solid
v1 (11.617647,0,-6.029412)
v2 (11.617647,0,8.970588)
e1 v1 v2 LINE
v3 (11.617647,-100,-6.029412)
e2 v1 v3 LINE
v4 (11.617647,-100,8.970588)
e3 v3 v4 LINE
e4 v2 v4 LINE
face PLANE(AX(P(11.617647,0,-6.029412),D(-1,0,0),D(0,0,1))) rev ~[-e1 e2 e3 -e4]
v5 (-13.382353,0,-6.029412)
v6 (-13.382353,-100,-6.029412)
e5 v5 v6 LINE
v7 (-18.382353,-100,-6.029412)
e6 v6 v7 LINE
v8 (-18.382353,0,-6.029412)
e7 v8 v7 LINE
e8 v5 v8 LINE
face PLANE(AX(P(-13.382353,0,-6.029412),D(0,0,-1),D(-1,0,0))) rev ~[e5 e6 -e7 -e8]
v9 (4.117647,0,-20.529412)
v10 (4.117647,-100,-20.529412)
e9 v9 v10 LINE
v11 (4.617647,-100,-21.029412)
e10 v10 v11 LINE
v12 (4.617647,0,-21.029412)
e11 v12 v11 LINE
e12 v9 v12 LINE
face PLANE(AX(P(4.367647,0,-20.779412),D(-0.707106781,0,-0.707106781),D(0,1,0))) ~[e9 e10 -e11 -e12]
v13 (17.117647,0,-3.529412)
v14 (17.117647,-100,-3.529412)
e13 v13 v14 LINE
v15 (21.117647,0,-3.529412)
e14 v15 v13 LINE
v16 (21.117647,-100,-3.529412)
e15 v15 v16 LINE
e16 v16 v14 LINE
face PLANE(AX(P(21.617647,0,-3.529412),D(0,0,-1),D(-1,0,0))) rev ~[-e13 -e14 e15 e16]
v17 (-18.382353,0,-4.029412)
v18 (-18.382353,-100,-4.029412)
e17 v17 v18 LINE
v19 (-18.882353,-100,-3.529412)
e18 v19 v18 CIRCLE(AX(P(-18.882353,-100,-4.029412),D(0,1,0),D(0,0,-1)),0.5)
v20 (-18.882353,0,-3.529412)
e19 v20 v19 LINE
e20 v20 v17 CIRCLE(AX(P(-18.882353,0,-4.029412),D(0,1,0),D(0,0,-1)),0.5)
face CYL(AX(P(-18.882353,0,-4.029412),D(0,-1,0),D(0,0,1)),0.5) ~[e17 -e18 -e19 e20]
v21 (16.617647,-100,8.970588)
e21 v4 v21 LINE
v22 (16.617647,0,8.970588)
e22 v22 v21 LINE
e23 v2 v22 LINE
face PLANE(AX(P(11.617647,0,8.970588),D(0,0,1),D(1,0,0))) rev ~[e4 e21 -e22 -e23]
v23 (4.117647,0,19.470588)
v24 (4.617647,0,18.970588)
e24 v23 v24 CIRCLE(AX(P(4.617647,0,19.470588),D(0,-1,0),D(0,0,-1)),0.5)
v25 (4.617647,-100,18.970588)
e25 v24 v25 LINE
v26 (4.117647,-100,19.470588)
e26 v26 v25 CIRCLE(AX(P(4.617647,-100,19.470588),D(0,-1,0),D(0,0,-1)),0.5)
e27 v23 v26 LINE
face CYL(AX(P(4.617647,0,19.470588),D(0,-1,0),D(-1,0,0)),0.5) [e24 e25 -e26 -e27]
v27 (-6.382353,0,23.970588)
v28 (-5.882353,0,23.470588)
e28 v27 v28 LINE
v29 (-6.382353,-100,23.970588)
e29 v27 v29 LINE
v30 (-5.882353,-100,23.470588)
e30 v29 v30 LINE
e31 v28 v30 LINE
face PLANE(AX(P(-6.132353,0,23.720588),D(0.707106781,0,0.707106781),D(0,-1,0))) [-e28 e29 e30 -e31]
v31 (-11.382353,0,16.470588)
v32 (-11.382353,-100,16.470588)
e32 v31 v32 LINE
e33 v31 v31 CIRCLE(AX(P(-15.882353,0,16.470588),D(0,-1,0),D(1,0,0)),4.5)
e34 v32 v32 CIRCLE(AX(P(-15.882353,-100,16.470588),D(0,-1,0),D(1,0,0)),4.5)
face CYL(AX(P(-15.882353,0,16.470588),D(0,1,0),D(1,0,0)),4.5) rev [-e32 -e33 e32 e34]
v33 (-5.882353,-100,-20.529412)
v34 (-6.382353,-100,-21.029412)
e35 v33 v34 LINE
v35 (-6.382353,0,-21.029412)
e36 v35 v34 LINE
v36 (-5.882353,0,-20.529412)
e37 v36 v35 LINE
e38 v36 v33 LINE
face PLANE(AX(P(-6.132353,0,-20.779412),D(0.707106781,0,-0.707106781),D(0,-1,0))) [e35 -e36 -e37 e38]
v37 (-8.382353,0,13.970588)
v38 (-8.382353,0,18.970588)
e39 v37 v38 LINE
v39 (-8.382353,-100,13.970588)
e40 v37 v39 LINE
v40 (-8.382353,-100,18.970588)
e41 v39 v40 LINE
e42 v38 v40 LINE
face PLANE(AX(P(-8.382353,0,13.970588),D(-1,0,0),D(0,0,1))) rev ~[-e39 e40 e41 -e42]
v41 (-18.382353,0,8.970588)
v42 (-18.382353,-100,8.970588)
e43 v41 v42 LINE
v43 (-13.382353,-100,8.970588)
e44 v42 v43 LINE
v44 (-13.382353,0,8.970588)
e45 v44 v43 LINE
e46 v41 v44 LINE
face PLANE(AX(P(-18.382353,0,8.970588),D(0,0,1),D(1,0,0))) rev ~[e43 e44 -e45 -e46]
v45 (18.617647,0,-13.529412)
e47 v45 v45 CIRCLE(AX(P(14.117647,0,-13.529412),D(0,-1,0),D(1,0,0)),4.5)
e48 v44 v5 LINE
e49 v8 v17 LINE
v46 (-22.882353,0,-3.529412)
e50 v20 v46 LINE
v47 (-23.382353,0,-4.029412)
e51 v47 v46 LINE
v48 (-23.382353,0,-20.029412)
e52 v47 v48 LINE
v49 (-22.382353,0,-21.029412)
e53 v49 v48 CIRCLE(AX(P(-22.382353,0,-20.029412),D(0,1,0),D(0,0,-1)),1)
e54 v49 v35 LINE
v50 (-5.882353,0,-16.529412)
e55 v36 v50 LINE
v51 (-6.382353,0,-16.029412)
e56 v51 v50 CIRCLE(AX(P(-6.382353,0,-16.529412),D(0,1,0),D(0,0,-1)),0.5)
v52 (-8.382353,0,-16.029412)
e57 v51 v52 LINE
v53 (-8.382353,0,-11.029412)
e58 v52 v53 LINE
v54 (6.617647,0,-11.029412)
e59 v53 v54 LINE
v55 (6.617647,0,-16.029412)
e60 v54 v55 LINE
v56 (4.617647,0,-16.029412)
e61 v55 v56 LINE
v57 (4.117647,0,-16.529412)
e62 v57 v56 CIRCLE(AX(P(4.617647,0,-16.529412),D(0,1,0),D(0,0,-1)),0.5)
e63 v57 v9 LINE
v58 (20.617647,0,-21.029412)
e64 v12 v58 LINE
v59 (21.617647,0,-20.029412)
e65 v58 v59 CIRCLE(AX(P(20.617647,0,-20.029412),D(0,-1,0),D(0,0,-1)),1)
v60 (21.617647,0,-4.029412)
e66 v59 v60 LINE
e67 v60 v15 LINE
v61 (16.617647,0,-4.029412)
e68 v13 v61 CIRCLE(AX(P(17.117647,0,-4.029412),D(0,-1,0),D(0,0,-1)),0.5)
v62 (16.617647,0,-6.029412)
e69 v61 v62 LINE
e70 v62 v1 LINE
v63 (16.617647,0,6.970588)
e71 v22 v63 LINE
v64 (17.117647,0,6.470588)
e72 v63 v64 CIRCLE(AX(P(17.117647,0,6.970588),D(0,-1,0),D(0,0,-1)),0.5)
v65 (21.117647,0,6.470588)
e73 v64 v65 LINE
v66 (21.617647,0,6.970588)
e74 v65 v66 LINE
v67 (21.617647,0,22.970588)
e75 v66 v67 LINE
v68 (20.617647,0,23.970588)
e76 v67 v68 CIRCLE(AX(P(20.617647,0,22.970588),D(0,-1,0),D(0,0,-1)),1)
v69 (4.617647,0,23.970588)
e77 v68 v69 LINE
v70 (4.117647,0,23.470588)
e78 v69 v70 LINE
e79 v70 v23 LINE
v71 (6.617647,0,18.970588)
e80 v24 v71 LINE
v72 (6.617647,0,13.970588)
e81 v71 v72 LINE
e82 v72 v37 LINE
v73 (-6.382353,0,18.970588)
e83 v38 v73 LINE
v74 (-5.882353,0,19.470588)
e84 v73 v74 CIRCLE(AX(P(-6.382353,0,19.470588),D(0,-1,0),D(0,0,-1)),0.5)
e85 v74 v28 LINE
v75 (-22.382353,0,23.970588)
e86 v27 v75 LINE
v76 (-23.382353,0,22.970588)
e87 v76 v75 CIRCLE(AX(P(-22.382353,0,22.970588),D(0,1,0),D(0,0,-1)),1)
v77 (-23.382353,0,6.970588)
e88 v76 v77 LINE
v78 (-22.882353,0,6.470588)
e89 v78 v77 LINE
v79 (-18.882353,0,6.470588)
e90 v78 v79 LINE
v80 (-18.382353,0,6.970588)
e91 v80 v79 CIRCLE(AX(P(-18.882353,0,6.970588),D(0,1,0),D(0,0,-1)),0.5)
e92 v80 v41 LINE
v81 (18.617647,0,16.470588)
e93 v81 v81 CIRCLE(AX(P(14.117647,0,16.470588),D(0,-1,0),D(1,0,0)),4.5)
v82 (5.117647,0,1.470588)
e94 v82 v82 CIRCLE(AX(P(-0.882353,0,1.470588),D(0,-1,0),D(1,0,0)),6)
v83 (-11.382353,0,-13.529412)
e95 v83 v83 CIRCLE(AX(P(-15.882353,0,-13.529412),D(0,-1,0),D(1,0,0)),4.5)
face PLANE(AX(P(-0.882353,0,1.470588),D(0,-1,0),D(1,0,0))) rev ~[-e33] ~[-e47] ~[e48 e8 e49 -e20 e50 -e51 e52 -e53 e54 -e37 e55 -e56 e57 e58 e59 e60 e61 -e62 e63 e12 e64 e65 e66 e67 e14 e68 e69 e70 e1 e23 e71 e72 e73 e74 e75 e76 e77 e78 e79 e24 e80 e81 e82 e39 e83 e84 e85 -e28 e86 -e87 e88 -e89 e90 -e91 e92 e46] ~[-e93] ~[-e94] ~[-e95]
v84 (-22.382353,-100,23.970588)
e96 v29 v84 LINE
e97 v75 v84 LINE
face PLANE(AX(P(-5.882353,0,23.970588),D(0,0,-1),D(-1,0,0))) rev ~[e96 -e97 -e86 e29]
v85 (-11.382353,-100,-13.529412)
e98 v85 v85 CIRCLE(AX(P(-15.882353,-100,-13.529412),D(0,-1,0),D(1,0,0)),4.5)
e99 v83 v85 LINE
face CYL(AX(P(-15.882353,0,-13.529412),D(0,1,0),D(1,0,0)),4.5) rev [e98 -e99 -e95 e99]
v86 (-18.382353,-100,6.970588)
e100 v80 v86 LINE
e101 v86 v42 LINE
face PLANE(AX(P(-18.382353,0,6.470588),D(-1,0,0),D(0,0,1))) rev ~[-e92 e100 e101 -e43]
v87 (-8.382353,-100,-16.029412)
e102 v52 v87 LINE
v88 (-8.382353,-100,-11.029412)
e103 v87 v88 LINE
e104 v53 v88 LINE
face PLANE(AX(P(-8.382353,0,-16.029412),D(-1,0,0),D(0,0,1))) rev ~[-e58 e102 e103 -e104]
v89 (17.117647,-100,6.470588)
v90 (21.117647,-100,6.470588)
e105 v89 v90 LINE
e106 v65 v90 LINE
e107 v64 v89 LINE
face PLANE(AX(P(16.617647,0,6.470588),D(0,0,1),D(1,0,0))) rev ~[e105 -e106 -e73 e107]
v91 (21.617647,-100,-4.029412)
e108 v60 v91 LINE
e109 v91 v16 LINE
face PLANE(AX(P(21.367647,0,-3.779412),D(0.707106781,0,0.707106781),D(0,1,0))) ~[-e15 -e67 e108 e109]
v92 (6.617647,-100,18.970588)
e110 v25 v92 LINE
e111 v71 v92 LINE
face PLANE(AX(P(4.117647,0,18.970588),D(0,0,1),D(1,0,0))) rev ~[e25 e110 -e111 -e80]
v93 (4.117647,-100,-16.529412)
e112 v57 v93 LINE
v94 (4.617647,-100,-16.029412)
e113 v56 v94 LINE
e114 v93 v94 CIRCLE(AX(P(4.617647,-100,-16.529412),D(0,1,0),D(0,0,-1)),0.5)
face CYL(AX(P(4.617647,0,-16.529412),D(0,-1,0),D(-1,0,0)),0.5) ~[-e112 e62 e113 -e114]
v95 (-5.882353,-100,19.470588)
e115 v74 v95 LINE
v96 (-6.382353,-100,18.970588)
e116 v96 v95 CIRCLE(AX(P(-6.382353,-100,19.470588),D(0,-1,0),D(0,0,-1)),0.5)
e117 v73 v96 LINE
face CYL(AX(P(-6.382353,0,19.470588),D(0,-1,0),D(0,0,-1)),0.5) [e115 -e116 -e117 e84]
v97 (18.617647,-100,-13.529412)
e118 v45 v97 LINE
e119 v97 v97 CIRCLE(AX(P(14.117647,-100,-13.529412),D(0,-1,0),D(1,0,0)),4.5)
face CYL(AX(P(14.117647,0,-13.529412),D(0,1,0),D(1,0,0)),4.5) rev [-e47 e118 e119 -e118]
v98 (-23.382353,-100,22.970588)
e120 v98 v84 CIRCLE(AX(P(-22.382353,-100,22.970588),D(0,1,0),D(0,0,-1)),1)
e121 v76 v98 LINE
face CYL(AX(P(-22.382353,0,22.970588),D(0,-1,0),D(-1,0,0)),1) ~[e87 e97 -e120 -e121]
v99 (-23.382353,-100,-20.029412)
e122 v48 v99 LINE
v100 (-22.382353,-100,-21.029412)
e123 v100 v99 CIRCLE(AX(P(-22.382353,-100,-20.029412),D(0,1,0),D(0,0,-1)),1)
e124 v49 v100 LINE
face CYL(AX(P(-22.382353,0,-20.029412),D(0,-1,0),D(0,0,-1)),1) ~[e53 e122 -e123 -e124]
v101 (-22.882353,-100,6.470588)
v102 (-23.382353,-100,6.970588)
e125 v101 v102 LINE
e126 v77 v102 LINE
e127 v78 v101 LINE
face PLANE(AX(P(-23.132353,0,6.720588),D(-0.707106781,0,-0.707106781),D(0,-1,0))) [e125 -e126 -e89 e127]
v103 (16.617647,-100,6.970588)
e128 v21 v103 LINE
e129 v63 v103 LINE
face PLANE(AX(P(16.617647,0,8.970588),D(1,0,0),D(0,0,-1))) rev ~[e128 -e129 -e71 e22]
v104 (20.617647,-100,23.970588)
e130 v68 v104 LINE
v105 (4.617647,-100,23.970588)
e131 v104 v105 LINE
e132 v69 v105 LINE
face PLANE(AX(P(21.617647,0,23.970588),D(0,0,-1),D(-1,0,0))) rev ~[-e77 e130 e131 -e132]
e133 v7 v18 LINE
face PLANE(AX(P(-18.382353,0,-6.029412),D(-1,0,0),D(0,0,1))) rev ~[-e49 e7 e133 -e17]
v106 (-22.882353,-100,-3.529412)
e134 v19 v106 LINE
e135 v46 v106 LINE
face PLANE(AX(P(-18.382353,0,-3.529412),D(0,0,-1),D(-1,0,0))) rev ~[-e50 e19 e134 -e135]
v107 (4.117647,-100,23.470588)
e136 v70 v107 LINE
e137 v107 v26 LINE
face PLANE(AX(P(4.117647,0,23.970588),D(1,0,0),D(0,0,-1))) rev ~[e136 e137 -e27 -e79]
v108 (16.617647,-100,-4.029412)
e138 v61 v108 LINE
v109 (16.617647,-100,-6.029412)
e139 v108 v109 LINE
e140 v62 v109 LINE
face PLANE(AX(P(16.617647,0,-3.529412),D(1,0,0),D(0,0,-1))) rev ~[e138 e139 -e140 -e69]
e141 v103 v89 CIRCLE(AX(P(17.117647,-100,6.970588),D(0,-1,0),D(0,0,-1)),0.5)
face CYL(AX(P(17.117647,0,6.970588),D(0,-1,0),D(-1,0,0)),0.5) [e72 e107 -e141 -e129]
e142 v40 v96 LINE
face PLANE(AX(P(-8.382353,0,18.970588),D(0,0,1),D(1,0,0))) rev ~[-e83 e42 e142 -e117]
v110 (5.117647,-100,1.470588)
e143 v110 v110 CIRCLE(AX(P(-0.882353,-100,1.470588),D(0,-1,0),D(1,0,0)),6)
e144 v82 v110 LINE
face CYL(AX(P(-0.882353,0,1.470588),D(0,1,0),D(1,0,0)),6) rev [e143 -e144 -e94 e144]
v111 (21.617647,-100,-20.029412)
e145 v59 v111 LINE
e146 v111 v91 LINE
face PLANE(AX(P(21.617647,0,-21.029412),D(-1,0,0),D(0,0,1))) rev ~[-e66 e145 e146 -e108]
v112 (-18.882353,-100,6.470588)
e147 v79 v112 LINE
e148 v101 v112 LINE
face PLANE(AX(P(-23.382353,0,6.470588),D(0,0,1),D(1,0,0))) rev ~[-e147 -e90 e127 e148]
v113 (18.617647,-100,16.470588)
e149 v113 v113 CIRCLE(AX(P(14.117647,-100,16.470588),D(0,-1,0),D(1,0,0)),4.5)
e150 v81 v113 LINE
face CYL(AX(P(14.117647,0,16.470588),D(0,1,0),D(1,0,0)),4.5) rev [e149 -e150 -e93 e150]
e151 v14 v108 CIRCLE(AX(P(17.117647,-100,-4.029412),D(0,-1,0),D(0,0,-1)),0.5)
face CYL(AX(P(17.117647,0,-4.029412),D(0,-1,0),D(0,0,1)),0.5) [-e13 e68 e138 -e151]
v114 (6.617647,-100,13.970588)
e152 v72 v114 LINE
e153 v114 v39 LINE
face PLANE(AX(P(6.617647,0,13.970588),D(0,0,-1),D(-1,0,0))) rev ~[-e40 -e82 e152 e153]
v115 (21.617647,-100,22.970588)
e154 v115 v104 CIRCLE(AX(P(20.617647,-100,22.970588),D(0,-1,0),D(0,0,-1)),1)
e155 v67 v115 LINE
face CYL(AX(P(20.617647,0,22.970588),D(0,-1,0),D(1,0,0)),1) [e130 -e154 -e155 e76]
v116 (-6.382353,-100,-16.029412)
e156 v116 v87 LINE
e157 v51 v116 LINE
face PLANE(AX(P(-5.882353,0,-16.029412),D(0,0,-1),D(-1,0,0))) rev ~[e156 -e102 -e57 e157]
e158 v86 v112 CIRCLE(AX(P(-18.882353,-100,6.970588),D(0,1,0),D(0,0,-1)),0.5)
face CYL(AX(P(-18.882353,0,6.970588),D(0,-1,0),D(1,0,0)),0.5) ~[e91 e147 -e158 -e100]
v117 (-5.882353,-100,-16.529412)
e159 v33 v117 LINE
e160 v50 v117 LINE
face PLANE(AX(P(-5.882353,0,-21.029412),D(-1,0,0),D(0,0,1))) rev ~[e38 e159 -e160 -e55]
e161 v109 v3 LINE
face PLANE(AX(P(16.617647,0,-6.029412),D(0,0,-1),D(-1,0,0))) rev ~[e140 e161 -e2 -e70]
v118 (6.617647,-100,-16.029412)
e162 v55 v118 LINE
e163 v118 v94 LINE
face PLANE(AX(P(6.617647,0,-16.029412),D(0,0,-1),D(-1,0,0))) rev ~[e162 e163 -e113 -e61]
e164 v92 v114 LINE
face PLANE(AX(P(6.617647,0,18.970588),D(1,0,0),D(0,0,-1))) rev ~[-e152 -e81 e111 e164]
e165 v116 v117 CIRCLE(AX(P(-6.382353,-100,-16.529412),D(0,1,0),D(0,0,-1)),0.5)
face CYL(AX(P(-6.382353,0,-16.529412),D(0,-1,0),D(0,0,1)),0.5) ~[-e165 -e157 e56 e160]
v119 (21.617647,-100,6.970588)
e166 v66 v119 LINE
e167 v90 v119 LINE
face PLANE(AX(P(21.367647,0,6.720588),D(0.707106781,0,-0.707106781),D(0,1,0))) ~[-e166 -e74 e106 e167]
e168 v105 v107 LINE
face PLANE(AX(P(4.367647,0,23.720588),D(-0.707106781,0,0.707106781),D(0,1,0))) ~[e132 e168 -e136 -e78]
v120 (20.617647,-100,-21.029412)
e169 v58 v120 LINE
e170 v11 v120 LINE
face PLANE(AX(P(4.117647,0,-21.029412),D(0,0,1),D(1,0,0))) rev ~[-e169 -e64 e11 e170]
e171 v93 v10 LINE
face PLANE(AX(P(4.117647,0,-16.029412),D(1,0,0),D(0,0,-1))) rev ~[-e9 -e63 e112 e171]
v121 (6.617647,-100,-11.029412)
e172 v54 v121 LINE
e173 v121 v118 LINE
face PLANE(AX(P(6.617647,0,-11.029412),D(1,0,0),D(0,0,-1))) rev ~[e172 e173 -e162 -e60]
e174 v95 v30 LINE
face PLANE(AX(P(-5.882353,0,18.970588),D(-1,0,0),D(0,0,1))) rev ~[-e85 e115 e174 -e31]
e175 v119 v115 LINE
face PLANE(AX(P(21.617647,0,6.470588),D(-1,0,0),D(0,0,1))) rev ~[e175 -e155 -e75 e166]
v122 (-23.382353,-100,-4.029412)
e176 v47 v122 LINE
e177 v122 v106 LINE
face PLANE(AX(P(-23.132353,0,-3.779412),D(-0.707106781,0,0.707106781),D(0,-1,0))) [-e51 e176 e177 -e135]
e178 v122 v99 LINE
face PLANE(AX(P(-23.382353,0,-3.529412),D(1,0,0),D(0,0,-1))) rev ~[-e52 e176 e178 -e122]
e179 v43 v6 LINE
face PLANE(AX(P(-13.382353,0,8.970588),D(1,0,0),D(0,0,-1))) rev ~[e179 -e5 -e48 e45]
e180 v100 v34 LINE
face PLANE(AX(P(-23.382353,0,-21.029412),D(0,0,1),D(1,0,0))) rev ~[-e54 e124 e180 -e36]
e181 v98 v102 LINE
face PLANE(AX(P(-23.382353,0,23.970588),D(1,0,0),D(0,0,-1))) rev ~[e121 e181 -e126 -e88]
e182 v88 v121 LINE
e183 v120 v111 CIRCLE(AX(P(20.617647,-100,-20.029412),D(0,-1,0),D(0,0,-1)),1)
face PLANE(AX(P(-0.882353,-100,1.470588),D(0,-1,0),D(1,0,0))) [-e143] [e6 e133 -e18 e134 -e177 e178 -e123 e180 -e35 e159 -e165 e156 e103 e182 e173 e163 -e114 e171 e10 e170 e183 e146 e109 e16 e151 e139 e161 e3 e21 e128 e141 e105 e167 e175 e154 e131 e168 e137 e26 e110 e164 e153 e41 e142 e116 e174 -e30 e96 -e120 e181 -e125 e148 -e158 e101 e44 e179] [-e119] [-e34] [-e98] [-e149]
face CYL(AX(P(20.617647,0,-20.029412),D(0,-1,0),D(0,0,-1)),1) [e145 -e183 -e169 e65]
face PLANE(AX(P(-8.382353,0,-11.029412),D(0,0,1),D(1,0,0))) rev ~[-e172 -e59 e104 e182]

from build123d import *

# Parameters (mm, degrees)
F0_R     = 4.5
F0_R_2   = 6
F1_DEPTH = 100
F2_R     = 1
F3_R     = 0.5
F4_SIZE  = 0.5


with BuildPart() as f1:
    # F0 (on Front) → F1 (new body)
    with BuildSketch(Plane.XZ):
        Polygon((4.117647, -21.029412), (21.617647, -21.029412), (21.617647, -3.529412), (16.617647, -3.529412), (16.617647, -6.029412), (11.617647, -6.029412), (11.617647, 8.970588), (16.617647, 8.970588), (16.617647, 6.470588), (21.617647, 6.470588), (21.617647, 23.970588), (4.117647, 23.970588), (4.117647, 18.970588), (6.617647, 18.970588), (6.617647, 13.970588), (-8.382353, 13.970588), (-8.382353, 18.970588), (-5.882353, 18.970588), (-5.882353, 23.970588), (-23.382353, 23.970588), (-23.382353, 6.470588), (-18.382353, 6.470588), (-18.382353, 8.970588), (-13.382353, 8.970588), (-13.382353, -6.029412), (-18.382353, -6.029412), (-18.382353, -3.529412), (-23.382353, -3.529412), (-23.382353, -21.029412), (-5.882353, -21.029412), (-5.882353, -16.029412), (-8.382353, -16.029412), (-8.382353, -11.029412), (6.617647, -11.029412), (6.617647, -16.029412), (4.117647, -16.029412), align=None)
        with Locations((-15.882353, -13.529412)):
            Circle(F0_R, mode=Mode.SUBTRACT)
        with Locations((14.117647, -13.529412)):
            Circle(F0_R, mode=Mode.SUBTRACT)
        with Locations((-0.882353, 1.470588)):
            Circle(F0_R_2, mode=Mode.SUBTRACT)
        with Locations((-15.882353, 16.470588)):
            Circle(F0_R, mode=Mode.SUBTRACT)
        with Locations((14.117647, 16.470588)):
            Circle(F0_R, mode=Mode.SUBTRACT)
    extrude(amount=F1_DEPTH)

    # F2
    f2_edges = [f1.edges().sort_by_distance(p)[0] for p in [
        (21.617647, -50, 23.970588),
        (21.617647, -50, -21.029412),
        (-23.382353, -50, -21.029412),
        (-23.382353, -50, 23.970588),
    ]]
    fillet(f2_edges, radius=F2_R)

    # F3
    f3_edges = [f1.edges().sort_by_distance(p)[0] for p in [
        (4.117647, -50, -16.029412),
        (16.617647, -50, 6.470588),
        (16.617647, -50, -3.529412),
        (4.117647, -50, 18.970588),
        (-5.882353, -50, 18.970588),
        (-18.382353, -50, 6.470588),
        (-18.382353, -50, -3.529412),
        (-5.882353, -50, -16.029412),
    ]]
    fillet(f3_edges, radius=F3_R)

    # F4
    f4_edges = [f1.edges().sort_by_distance(p)[0] for p in [
        (-23.382353, -50, -3.529412),
        (-23.382353, -50, 6.470588),
        (-5.882353, -50, 23.970588),
        (4.117647, -50, 23.970588),
        (21.617647, -50, -3.529412),
        (4.117647, -50, -21.029412),
        (21.617647, -50, 6.470588),
        (-5.882353, -50, -21.029412),
    ]]
    chamfer(f4_edges, length=F4_SIZE)


solid = f1.part
